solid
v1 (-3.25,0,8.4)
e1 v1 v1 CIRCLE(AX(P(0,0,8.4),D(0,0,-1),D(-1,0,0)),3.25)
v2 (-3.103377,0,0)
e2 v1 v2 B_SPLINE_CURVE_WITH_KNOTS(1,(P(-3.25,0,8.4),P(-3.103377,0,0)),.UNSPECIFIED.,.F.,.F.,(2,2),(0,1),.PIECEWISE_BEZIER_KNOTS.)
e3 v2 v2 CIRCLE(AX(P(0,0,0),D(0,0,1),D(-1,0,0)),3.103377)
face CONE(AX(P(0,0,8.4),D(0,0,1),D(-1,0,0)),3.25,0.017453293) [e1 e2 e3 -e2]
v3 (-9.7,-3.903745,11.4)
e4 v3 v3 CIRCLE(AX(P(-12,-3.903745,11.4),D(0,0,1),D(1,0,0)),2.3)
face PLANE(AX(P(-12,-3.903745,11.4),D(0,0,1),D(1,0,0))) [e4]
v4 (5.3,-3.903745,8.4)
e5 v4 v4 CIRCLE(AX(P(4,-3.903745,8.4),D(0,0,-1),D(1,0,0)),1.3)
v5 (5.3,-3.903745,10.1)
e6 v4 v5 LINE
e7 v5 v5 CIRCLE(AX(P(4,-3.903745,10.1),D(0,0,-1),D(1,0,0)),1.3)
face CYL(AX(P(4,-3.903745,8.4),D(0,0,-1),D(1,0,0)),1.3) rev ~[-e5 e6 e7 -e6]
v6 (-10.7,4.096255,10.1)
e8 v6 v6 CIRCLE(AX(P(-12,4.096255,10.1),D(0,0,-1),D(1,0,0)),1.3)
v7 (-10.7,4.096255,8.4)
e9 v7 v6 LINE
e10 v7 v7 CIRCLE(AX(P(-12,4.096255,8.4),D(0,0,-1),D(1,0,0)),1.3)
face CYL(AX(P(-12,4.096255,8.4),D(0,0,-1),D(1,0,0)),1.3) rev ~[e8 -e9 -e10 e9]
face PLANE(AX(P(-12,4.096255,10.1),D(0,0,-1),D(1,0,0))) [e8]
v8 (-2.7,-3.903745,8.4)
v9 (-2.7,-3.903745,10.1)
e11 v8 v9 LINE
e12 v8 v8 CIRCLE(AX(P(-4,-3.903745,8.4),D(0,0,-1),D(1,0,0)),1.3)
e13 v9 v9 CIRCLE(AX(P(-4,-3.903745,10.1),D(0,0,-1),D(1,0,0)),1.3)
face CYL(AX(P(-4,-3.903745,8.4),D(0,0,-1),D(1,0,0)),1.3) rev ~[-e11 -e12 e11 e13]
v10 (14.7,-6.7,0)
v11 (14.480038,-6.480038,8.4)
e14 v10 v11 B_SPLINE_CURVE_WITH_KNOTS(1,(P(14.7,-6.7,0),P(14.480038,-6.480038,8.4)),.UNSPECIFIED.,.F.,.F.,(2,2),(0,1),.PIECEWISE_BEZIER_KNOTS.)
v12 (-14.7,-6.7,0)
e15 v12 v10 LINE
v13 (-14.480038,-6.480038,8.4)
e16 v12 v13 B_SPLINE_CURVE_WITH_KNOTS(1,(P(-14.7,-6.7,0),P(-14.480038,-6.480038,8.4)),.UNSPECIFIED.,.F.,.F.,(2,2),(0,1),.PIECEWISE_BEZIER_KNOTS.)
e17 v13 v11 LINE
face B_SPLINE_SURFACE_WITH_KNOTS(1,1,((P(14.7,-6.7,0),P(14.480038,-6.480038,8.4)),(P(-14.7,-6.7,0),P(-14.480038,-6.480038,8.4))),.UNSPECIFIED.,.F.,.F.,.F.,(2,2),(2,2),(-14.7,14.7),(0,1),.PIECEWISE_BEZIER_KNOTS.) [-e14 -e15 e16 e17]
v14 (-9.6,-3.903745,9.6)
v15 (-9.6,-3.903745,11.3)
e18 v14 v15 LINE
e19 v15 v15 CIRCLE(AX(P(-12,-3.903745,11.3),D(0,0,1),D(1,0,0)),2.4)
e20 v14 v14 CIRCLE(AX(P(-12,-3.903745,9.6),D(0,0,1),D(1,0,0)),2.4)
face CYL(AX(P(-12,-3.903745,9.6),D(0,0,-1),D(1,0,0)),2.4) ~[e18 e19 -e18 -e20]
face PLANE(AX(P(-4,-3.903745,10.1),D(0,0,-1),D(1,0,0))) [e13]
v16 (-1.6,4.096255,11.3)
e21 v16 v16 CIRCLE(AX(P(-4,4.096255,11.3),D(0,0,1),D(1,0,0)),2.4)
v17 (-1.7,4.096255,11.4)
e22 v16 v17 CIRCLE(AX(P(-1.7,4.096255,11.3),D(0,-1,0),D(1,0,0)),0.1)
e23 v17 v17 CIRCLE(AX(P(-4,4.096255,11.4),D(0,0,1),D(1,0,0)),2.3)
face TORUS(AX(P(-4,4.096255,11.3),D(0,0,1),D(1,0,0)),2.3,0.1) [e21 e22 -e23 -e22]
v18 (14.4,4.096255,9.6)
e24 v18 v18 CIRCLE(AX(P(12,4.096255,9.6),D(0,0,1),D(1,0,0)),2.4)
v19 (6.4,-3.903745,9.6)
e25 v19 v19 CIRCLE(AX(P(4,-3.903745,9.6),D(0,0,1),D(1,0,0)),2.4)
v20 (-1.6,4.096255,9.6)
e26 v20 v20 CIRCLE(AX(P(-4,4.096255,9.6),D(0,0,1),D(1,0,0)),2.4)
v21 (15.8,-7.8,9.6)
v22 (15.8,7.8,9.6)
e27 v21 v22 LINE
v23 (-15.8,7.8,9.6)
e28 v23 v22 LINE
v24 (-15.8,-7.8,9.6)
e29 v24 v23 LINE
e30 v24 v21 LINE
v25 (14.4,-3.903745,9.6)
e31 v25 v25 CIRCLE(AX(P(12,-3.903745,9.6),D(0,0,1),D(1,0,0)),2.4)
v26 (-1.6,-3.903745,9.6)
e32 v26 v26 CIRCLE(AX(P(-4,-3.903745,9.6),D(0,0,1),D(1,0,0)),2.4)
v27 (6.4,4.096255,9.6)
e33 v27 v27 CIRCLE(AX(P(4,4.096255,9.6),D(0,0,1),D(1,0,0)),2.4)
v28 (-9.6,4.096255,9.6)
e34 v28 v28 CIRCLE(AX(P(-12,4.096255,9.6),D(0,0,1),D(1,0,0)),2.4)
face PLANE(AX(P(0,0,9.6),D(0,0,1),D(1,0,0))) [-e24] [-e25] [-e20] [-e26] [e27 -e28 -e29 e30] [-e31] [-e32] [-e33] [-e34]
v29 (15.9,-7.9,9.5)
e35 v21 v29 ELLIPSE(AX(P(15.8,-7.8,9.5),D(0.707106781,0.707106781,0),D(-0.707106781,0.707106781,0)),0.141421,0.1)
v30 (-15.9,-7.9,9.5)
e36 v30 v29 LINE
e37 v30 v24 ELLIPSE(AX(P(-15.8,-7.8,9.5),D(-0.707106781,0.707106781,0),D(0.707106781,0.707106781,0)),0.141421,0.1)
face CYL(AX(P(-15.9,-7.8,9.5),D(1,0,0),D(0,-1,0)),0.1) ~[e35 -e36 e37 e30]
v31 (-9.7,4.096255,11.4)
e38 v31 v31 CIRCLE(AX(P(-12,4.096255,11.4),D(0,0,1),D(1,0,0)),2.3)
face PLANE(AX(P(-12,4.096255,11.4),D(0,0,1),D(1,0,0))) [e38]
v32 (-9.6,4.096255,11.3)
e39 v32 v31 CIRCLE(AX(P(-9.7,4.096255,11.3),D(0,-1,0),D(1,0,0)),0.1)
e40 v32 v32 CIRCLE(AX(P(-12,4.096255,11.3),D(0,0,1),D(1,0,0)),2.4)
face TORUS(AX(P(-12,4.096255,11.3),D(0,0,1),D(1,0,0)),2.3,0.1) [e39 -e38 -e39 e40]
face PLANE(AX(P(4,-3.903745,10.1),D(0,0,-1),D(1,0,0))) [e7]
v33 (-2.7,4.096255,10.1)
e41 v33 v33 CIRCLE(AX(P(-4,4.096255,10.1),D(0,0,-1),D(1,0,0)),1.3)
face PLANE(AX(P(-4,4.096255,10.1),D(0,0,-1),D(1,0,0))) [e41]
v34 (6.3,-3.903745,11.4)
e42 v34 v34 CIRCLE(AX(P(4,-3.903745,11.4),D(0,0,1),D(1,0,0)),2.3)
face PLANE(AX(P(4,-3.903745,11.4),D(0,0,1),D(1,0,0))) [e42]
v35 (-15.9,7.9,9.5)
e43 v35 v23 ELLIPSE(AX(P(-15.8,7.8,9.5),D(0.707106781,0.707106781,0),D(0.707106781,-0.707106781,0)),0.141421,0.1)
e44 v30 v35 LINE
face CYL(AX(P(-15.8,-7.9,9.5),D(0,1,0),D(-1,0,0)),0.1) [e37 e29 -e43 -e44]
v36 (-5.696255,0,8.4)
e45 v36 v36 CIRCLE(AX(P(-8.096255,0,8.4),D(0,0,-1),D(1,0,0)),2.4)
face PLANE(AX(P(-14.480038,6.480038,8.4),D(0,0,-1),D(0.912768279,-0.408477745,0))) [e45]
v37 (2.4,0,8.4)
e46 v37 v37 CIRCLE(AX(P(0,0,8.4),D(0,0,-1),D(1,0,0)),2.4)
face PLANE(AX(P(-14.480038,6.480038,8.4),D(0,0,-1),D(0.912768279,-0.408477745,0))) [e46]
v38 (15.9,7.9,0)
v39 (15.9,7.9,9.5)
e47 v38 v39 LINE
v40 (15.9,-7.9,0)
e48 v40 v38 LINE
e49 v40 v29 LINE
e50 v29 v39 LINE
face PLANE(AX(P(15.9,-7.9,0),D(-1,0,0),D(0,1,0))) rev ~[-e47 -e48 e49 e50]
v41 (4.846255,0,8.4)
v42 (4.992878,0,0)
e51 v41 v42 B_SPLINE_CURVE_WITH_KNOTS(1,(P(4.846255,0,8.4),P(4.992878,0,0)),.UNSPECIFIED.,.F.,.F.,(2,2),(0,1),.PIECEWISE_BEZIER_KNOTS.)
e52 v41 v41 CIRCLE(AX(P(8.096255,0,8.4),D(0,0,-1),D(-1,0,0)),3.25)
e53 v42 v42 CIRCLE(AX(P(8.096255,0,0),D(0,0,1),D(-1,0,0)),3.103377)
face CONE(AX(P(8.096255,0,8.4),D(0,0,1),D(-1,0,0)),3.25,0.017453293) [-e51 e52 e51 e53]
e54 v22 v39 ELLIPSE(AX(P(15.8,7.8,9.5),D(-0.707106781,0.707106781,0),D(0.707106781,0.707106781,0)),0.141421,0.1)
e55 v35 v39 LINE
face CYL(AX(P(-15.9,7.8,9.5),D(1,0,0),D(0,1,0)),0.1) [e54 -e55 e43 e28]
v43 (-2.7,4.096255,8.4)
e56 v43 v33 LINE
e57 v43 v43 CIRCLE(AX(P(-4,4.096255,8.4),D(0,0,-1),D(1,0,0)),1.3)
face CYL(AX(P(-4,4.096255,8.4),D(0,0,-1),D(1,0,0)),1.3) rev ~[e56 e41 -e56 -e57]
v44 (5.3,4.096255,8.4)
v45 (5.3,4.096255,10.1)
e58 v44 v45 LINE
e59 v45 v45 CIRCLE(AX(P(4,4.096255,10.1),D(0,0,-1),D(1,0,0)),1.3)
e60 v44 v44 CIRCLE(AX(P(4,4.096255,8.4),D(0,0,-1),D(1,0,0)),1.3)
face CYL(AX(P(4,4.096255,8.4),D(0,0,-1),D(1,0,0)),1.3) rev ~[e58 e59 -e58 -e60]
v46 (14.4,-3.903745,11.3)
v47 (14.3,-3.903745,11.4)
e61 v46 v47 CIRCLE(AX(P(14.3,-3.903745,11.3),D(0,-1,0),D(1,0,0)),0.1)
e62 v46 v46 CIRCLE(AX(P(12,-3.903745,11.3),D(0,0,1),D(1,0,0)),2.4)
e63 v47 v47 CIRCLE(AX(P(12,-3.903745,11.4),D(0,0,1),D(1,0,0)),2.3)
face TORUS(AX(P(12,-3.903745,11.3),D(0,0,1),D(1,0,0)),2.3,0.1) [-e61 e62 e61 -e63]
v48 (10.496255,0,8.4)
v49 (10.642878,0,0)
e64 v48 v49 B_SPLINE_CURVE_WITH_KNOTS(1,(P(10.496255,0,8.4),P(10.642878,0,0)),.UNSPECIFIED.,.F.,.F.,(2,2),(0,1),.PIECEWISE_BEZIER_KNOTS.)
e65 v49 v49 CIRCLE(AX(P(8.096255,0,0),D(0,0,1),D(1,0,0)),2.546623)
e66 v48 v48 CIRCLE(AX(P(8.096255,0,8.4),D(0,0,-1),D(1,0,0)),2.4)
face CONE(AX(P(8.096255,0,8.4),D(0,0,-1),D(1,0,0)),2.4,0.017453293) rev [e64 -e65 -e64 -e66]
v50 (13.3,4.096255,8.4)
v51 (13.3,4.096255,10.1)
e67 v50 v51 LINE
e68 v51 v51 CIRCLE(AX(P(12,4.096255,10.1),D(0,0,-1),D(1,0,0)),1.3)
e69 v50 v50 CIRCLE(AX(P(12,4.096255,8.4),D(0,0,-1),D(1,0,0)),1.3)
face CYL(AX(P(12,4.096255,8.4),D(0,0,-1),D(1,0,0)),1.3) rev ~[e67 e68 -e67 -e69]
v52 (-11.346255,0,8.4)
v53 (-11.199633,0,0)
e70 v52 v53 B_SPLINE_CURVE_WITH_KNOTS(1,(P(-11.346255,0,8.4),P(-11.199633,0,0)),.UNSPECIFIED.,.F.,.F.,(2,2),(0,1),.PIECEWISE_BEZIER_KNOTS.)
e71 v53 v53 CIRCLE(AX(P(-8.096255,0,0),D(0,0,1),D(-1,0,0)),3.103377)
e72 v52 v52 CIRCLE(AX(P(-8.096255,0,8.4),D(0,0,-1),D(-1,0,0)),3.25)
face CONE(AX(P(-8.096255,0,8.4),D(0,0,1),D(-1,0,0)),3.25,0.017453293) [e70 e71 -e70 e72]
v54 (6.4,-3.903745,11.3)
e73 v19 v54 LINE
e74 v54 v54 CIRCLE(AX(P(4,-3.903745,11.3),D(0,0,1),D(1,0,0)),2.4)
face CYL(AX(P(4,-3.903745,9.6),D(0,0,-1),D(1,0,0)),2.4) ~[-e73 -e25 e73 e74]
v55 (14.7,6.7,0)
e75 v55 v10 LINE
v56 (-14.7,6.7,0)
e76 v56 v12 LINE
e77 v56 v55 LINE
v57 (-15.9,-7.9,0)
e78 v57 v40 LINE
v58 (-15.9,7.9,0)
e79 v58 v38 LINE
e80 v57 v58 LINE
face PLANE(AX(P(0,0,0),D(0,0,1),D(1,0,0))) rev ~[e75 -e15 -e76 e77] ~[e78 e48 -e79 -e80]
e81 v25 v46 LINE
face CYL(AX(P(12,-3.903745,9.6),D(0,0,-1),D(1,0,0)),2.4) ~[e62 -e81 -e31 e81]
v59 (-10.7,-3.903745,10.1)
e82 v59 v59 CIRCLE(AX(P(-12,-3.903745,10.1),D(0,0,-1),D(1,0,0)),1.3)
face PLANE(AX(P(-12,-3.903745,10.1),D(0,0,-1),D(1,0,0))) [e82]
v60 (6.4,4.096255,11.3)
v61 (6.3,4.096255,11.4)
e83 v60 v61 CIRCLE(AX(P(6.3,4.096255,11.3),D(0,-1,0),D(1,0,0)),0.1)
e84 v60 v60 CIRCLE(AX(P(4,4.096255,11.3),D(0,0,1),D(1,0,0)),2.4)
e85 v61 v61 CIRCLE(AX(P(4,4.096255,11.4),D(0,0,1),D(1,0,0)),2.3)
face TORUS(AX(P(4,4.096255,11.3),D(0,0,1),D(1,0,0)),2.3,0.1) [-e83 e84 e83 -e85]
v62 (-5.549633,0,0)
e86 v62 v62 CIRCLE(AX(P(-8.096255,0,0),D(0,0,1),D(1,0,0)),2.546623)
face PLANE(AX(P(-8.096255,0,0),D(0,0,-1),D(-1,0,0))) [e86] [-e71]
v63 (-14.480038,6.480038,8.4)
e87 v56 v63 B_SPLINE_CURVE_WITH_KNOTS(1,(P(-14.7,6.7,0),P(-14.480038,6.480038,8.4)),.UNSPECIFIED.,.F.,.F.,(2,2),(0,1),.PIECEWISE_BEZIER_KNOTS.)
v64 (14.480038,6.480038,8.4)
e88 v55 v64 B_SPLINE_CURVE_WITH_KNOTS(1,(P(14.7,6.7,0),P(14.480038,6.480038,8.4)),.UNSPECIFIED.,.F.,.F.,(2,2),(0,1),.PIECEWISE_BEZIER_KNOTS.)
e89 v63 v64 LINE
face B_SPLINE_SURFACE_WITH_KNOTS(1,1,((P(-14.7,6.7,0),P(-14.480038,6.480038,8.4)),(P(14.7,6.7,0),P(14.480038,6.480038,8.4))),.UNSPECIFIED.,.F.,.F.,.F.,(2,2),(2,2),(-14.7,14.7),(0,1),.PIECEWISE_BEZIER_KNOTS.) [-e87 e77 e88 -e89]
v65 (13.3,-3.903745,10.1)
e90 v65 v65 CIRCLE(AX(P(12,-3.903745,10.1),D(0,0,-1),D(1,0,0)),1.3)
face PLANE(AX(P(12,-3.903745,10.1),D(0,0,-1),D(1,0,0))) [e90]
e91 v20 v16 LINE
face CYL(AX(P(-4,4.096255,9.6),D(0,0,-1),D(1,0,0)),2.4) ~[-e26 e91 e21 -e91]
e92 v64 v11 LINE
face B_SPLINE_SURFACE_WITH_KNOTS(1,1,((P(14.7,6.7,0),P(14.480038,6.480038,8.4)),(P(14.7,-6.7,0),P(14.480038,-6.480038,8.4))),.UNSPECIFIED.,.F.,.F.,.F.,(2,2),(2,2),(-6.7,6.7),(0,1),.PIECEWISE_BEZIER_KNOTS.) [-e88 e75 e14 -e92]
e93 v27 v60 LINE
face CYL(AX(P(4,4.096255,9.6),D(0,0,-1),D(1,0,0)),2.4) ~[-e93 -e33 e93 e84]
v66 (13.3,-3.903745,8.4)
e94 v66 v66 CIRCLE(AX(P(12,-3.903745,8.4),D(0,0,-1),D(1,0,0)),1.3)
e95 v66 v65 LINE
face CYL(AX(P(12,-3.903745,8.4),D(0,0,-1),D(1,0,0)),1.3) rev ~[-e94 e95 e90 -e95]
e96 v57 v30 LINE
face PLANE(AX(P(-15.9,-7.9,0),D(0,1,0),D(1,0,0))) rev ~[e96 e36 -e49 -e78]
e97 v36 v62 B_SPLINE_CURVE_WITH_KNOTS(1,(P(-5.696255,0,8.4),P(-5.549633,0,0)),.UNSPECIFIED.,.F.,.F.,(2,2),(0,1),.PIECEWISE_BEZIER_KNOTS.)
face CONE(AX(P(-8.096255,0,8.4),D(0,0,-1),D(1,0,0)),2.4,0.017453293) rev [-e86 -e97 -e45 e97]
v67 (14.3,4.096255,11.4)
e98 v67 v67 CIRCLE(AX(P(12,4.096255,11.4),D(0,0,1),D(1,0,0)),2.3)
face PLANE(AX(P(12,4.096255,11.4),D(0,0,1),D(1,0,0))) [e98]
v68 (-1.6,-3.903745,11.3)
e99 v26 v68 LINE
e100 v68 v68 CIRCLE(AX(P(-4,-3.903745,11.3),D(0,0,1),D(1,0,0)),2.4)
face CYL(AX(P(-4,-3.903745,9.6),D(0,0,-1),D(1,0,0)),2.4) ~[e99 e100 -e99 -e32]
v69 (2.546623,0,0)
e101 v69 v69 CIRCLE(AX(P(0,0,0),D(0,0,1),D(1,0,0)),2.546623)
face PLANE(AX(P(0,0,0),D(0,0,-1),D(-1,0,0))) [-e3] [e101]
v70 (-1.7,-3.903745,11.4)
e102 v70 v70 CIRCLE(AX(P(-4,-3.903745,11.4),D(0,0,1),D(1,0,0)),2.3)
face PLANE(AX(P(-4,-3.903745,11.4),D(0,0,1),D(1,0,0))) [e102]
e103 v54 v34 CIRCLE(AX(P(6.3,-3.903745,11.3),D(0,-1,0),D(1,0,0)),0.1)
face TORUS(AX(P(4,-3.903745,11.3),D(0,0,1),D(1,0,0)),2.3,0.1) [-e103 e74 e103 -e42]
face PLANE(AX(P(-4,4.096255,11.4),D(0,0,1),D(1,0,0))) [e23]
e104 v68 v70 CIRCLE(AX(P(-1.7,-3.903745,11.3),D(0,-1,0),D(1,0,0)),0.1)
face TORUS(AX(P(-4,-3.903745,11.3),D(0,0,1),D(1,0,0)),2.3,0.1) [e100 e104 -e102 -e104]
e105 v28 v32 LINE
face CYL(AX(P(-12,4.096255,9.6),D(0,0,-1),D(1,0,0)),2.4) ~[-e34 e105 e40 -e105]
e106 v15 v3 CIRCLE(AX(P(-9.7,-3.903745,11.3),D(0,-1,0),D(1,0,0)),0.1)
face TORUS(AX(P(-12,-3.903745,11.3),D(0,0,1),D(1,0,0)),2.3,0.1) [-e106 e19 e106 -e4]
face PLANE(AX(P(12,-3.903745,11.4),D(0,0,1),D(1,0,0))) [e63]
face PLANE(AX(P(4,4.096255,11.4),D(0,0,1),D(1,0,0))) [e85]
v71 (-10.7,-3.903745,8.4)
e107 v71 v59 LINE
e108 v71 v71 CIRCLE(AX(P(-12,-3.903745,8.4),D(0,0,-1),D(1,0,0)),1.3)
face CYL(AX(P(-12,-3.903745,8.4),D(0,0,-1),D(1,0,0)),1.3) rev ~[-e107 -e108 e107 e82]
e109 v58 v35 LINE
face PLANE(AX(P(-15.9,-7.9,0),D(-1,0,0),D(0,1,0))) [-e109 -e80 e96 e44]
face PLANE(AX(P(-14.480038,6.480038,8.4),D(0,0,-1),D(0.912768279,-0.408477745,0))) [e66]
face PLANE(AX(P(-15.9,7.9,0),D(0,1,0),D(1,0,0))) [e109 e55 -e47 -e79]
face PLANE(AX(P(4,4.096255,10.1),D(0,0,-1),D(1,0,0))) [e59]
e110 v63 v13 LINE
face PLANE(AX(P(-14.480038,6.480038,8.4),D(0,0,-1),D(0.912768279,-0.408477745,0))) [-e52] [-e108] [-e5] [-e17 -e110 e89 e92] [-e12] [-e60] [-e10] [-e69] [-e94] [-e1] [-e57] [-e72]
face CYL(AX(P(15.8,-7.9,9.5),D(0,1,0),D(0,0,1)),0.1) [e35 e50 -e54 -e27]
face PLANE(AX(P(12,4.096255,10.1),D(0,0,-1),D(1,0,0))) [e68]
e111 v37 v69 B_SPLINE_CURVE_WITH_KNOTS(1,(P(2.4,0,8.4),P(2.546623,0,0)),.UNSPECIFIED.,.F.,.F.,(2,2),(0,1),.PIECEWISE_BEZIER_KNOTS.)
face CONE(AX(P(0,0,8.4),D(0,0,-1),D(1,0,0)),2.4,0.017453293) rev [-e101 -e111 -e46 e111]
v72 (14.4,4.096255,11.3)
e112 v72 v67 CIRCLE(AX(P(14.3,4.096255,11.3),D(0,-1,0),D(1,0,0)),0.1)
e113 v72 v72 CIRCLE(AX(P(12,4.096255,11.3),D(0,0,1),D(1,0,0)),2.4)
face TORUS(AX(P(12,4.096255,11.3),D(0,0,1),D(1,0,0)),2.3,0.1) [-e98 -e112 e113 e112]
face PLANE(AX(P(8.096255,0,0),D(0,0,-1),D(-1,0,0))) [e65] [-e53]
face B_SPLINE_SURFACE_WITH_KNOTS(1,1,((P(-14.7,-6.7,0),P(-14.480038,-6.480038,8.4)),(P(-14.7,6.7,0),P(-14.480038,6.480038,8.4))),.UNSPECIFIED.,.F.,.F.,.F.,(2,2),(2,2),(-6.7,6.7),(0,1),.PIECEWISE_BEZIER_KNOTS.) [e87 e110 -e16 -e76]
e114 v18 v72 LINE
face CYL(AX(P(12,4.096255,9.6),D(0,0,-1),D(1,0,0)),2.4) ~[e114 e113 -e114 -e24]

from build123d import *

# Parameters (mm, degrees)
F0_W     = 31.8
F0_H     = 15.8
F1_DEPTH = 9.6
F2_R     = 2.4
F3_DEPTH = 1.8
F4_W     = 29.4
F4_H     = 13.4
F5_DEPTH = 8.4
F5_TAPER = 1.5
F6_R     = 1.3
F7_DEPTH = 1.7
F9_DEPTH = 8.4
F9_TAPER = 1
F10_R    = 0.1


with BuildPart() as f1:
    # F0 (on Top) → F1 (new body)
    with BuildSketch(Plane.XY):
        Rectangle(F0_W, F0_H)
    extrude(amount=F1_DEPTH)

    # F2 (on face) → F3 (join)
    with BuildSketch(Plane.XY.offset(9.6)):
        with Locations((12, -3.9037447423)):
            Circle(F2_R)
        with Locations((12, 4.0962552577)):
            Circle(F2_R)
        with Locations((4, -3.9037447423)):
            Circle(F2_R)
        with Locations((4, 4.0962552577)):
            Circle(F2_R)
        with Locations((-4, -3.9037447423)):
            Circle(F2_R)
        with Locations((-4, 4.0962552577)):
            Circle(F2_R)
        with Locations((-12, -3.9037447423)):
            Circle(F2_R)
        with Locations((-12, 4.0962552577)):
            Circle(F2_R)
    extrude(amount=F3_DEPTH)

    # F4 (on face) → F5 (cut)
    with BuildSketch(Plane(origin=(0, 0, 0), x_dir=(1, 0, 0), z_dir=(0, 0, -1))):
        Rectangle(F4_W, F4_H)
    extrude(amount=-F5_DEPTH, taper=F5_TAPER, mode=Mode.SUBTRACT)

    # F6 (on face) → F7 (cut)
    with BuildSketch(Plane(origin=(0, 0, 8.4), x_dir=(1, 0, 0), z_dir=(0, 0, -1))):
        with Locations((-12, 3.9037447423)):
            Circle(F6_R)
        with Locations((-4, 3.9037447423)):
            Circle(F6_R)
        with Locations((4, 3.9037447423)):
            Circle(F6_R)
        with Locations((12, 3.9037447423)):
            Circle(F6_R)
        with Locations((12, -4.0962552577)):
            Circle(F6_R)
        with Locations((4, -4.0962552577)):
            Circle(F6_R)
        with Locations((-4, -4.0962552577)):
            Circle(F6_R)
        with Locations((-12, -4.0962552577)):
            Circle(F6_R)
    extrude(amount=-F7_DEPTH, mode=Mode.SUBTRACT)

    # F8 (on face) → F9 (join, through all)
    with BuildSketch(Plane(origin=(0, 0, 8.4), x_dir=(1, 0, 0), z_dir=(0, 0, -1))):
        with BuildLine():
            ThreePointArc((-10.4962552577, 0), (-8.0962552577, 2.4), (-5.6962552577, 0))
            Line((-5.6962552577, 0), (-4.8462552577, 0))
            ThreePointArc((-4.8462552577, 0), (-8.0962552577, 3.25), (-11.3462552577, 0))
            Line((-11.3462552577, 0), (-10.4962552577, 0))
        make_face()
        with BuildLine():
            Line((-4.8462552577, 0), (-5.6962552577, 0))
            ThreePointArc((-5.6962552577, 0), (-8.0962552577, -2.4), (-10.4962552577, 0))
            Line((-10.4962552577, 0), (-11.3462552577, 0))
            ThreePointArc((-11.3462552577, 0), (-8.0962552577, -3.25), (-4.8462552577, 0))
        make_face()
        with BuildLine():
            ThreePointArc((11.3462552577, 0), (8.0962552577, 3.25), (4.8462552577, 0))
            Line((4.8462552577, 0), (5.6962552577, 0))
            ThreePointArc((5.6962552577, 0), (8.0962552577, 2.4), (10.4962552577, 0))
            Line((10.4962552577, 0), (11.3462552577, 0))
        make_face()
        with BuildLine():
            Line((5.6962552577, 0), (4.8462552577, 0))
            ThreePointArc((4.8462552577, 0), (8.0962552577, -3.25), (11.3462552577, 0))
            Line((11.3462552577, 0), (10.4962552577, 0))
            ThreePointArc((10.4962552577, 0), (8.0962552577, -2.4), (5.6962552577, 0))
        make_face()
        with BuildLine():
            ThreePointArc((3.25, 0), (0, 3.25), (-3.25, 0))
            Line((-3.25, 0), (-2.4, 0))
            ThreePointArc((-2.4, 0), (0, 2.4), (2.4, 0))
            Line((2.4, 0), (3.25, 0))
        make_face()
        with BuildLine():
            Line((-2.4, 0), (-3.25, 0))
            ThreePointArc((-3.25, 0), (0, -3.25), (3.25, 0))
            Line((3.25, 0), (2.4, 0))
            ThreePointArc((2.4, 0), (0, -2.4), (-2.4, 0))
        make_face()
    extrude(amount=F9_DEPTH, taper=F9_TAPER)

    # F10
    f10_edges = [f1.edges().sort_by_distance(p)[0] for p in [
        (1.6, -3.903745, 11.4),
        (-14.4, -3.903745, 11.4),
        (-14.4, 4.096255, 11.4),
        (-6.4, 4.096255, 11.4),
        (-6.4, -3.903745, 11.4),
        (1.6, 4.096255, 11.4),
        (9.6, 4.096255, 11.4),
        (9.6, -3.903745, 11.4),
        (15.9, 0, 9.6),
        (0, 7.9, 9.6),
        (-15.9, 0, 9.6),
        (0, -7.9, 9.6),
    ]]
    fillet(f10_edges, radius=F10_R)


solid = f1.part
